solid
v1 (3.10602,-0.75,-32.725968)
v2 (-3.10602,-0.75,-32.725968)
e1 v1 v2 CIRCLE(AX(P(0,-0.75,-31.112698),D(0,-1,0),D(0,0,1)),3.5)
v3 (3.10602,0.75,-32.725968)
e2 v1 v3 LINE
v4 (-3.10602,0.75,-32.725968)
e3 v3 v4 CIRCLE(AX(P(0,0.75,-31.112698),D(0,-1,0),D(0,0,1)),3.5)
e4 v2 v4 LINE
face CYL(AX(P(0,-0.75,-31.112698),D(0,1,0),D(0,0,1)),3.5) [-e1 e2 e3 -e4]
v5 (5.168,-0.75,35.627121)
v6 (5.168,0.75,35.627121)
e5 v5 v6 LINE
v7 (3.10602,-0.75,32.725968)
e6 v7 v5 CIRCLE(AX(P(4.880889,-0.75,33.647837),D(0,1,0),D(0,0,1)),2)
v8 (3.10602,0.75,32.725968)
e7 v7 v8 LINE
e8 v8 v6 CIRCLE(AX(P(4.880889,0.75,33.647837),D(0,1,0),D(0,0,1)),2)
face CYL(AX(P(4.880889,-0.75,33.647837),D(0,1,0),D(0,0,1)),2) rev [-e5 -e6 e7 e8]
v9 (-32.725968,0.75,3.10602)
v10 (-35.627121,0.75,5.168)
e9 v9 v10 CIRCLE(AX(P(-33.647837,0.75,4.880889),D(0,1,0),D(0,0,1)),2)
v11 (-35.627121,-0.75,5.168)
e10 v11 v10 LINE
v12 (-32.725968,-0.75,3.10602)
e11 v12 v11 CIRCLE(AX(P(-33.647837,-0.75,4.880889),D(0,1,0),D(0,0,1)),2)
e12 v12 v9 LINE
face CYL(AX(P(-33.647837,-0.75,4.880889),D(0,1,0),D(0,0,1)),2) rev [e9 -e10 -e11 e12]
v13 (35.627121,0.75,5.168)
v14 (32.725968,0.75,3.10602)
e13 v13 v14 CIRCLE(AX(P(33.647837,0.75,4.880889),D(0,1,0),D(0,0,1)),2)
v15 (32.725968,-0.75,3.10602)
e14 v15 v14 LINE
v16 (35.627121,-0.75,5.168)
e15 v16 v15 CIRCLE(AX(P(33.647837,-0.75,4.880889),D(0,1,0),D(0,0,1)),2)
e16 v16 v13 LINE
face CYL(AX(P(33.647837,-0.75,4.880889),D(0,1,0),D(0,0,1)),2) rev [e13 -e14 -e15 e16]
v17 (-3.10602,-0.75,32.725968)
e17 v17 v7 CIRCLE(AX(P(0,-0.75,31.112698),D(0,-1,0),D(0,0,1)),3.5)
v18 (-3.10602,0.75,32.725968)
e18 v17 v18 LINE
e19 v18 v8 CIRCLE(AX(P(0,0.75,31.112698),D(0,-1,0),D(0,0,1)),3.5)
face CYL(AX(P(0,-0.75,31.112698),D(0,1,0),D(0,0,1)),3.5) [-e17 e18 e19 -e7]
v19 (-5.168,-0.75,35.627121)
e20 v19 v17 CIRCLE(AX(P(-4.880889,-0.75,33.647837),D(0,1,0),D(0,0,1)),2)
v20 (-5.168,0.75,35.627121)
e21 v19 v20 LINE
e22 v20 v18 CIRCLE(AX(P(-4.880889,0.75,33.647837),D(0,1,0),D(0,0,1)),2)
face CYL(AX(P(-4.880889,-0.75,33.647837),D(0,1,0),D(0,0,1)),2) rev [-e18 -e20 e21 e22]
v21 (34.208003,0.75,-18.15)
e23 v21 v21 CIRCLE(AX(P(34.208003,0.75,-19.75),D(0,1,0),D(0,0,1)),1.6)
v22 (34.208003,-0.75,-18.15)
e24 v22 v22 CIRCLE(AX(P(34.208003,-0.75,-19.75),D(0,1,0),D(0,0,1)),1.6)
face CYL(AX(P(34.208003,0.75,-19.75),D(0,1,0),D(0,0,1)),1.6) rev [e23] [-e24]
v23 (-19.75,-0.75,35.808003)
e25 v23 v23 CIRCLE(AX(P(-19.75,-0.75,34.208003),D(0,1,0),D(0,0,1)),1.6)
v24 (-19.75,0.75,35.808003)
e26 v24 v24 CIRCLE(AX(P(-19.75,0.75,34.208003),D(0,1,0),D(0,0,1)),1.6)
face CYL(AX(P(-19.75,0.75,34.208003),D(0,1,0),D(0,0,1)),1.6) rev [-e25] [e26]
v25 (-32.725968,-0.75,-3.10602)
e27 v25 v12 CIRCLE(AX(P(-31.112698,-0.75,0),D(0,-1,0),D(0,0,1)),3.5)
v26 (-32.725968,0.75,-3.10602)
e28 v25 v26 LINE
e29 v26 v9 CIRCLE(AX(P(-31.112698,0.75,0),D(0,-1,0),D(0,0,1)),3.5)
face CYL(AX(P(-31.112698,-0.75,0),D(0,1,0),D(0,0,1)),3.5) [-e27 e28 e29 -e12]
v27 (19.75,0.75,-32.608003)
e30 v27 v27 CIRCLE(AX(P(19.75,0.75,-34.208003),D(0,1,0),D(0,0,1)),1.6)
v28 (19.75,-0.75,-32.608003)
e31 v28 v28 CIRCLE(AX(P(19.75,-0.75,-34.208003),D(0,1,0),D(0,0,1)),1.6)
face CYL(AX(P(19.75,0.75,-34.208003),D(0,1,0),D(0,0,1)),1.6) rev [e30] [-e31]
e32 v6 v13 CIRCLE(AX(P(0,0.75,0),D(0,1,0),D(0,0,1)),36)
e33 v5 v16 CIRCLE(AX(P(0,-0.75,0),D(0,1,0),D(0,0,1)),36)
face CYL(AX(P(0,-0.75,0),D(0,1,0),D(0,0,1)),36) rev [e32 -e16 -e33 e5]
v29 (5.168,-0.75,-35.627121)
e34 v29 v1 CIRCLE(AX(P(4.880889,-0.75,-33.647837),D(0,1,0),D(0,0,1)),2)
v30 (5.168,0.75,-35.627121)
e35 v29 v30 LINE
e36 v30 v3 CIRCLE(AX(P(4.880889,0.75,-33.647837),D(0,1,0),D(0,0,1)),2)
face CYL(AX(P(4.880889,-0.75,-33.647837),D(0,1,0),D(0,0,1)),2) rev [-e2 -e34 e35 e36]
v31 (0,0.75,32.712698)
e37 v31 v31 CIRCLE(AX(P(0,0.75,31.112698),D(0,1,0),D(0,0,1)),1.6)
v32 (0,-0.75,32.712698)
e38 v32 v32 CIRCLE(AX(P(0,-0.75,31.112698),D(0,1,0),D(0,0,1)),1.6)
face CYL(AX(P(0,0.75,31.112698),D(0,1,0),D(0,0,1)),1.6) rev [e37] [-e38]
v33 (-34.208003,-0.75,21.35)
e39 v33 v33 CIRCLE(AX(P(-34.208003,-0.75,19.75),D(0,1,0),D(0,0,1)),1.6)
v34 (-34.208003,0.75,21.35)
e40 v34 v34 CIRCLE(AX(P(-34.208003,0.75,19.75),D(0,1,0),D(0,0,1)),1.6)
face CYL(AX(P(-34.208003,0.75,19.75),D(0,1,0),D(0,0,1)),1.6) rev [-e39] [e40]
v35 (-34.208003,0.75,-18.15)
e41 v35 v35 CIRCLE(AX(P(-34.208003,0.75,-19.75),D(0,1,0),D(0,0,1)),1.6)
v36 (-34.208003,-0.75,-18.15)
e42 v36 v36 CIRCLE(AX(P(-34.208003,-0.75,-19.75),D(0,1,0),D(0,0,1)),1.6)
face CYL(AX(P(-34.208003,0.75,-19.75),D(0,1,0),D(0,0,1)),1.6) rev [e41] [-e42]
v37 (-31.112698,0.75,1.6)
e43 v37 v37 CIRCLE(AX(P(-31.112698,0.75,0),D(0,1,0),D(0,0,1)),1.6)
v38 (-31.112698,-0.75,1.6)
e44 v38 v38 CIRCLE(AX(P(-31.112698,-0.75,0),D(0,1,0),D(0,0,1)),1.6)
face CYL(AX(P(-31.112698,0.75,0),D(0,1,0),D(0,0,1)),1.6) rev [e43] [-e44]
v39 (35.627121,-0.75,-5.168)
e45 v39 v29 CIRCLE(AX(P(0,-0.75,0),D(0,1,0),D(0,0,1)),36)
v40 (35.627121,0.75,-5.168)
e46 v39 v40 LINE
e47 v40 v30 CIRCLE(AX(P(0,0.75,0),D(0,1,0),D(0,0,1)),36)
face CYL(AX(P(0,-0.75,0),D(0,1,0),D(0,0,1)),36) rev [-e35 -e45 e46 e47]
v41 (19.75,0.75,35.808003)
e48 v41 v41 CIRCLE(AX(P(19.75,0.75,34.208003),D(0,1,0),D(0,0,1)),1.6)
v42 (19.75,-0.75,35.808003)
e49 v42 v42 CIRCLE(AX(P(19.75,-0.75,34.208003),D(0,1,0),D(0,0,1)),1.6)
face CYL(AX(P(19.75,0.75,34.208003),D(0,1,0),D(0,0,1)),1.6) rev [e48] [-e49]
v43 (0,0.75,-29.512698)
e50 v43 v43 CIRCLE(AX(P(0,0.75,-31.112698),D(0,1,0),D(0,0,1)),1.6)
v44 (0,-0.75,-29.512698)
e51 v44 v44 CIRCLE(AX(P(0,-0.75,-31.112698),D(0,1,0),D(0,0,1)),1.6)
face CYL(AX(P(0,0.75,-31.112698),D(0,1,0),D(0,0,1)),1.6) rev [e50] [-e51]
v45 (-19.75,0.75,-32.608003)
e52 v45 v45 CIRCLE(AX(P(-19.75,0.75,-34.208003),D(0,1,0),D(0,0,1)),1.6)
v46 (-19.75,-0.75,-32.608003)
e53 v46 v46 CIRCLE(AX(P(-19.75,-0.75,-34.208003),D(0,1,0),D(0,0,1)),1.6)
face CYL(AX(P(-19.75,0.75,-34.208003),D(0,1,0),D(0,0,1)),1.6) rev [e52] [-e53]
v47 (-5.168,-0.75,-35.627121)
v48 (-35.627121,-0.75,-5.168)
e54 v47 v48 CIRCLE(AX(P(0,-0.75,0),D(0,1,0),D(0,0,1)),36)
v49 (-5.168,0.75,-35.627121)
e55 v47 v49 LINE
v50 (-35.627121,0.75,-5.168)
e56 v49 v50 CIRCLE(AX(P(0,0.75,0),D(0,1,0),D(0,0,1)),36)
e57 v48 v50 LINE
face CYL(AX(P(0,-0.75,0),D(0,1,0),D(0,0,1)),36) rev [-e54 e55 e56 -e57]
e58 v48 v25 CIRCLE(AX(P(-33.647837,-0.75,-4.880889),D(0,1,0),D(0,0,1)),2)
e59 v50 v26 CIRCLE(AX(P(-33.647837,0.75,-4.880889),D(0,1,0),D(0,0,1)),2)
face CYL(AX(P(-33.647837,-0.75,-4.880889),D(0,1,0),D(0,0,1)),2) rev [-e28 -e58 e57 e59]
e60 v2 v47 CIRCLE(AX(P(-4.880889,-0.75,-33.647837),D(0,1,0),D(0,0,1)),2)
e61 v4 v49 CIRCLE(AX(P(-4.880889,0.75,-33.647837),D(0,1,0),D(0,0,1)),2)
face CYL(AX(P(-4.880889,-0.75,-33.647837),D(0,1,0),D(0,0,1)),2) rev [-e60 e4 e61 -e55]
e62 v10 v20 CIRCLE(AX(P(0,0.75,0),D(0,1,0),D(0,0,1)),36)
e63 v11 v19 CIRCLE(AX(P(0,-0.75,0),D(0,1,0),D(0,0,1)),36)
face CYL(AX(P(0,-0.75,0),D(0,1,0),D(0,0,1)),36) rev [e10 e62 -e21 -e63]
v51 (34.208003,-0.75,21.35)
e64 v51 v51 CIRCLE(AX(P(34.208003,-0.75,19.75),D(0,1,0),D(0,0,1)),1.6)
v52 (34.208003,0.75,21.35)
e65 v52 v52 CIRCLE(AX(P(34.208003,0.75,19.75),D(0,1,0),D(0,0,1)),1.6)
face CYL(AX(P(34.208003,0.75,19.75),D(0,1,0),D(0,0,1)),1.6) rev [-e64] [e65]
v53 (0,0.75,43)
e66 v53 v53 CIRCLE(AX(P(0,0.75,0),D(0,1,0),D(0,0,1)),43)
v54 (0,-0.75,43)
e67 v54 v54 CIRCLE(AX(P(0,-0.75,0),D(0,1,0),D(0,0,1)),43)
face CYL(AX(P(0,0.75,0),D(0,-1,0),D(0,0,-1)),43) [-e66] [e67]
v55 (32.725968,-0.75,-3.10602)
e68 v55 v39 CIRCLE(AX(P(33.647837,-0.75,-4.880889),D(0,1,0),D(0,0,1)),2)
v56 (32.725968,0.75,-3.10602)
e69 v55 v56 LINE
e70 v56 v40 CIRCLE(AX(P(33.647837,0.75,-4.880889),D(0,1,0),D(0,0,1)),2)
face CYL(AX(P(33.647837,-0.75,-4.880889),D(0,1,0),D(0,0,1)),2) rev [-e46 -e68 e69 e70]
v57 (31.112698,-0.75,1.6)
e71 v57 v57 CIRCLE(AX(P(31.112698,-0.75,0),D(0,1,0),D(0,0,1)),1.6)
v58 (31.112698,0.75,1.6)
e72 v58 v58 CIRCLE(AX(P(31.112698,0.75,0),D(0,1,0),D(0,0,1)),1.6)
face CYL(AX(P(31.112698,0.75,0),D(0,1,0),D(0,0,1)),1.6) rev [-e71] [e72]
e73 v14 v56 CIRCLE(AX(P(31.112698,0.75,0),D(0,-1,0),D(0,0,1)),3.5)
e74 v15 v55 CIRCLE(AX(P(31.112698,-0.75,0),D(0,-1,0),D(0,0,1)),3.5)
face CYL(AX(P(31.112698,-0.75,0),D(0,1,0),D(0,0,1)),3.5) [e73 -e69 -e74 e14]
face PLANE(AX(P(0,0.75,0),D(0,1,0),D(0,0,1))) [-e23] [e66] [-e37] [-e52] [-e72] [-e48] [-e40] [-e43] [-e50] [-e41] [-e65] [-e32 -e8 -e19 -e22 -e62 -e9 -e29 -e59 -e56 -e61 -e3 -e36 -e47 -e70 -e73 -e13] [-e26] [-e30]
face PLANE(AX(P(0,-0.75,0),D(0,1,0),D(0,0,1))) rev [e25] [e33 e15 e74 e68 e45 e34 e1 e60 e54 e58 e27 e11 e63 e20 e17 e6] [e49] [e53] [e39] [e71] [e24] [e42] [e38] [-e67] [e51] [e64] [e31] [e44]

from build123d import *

# Parameters (mm, degrees)
SKETCH1_R                  = 43
BOSS_EXTRUDE1_DEPTH        = 0.75
F_3_2_3_2_DIAMETER_HOLE1_D = 3.2
CUT_EXTRUDE1_DEPTH         = 2.5


with BuildPart() as part:
    # Sketch1 → Boss-Extrude1 (new body, symmetric)
    with BuildSketch(Plane(origin=(0, 0, 0), x_dir=(1, 0, 0), z_dir=(0, 1, 0))):
        Circle(SKETCH1_R)
    extrude(amount=BOSS_EXTRUDE1_DEPTH, both=True)

    # Ø3.2 (3.2) Diameter Hole1 (through all)
    with Locations(Plane(origin=(0, 0.75, 0), x_dir=(1, 0, 0), z_dir=(0, 1, 0))):
        with Locations((-34.208003449, 19.75), (-34.208003449, -19.75), (-31.112698372, 0), (19.75, 34.208003449), (-19.75, 34.208003449), (0, 31.112698372), (34.208003449, -19.75), (34.208003449, 19.75), (31.112698372, 0), (-19.75, -34.208003449), (19.75, -34.208003449), (0, -31.112698372), (0, 0)):
            Hole(F_3_2_3_2_DIAMETER_HOLE1_D / 2)

    # Sketch4 → Cut-Extrude1 (cut, through all)
    with BuildSketch(Plane(origin=(0, 0.75, 0), x_dir=(1, 0, 0), z_dir=(0, 1, 0))):
        with BuildLine():
            ThreePointArc((-35.627121412, -5.167999605), (-25.455844123, -25.455844123), (-5.167999605, -35.627121412))
            ThreePointArc((-5.167999605, -35.627121412), (-3.250695933, -34.80648789), (-3.106019964, -32.725968337))
            ThreePointArc((-3.106019964, -32.725968337), (0, -27.612698372), (3.106019964, -32.725968337))
            ThreePointArc((3.106019964, -32.725968337), (3.250695933, -34.80648789), (5.167999605, -35.627121412))
            ThreePointArc((5.167999605, -35.627121412), (25.455844123, -25.455844123), (35.627121412, -5.167999605))
            ThreePointArc((35.627121412, -5.167999605), (34.80648789, -3.250695933), (32.725968337, -3.106019964))
            ThreePointArc((32.725968337, -3.106019964), (27.612698372, 0), (32.725968337, 3.106019964))
            ThreePointArc((32.725968337, 3.106019964), (34.80648789, 3.250695933), (35.627121412, 5.167999605))
            ThreePointArc((35.627121412, 5.167999605), (25.455844123, 25.455844123), (5.167999605, 35.627121412))
            ThreePointArc((5.167999605, 35.627121412), (3.250695933, 34.80648789), (3.106019964, 32.725968337))
            ThreePointArc((3.106019964, 32.725968337), (0, 27.612698372), (-3.106019964, 32.725968337))
            ThreePointArc((-3.106019964, 32.725968337), (-3.250695933, 34.80648789), (-5.167999605, 35.627121412))
            ThreePointArc((-5.167999605, 35.627121412), (-25.455844123, 25.455844123), (-35.627121412, 5.167999605))
            ThreePointArc((-35.627121412, 5.167999605), (-34.80648789, 3.250695933), (-32.725968337, 3.106019964))
            ThreePointArc((-32.725968337, 3.106019964), (-27.612698372, 0), (-32.725968337, -3.106019964))
            ThreePointArc((-32.725968337, -3.106019964), (-34.80648789, -3.250695933), (-35.627121412, -5.167999605))
        make_face()
    extrude(amount=-CUT_EXTRUDE1_DEPTH, mode=Mode.SUBTRACT)


solid = part.part
